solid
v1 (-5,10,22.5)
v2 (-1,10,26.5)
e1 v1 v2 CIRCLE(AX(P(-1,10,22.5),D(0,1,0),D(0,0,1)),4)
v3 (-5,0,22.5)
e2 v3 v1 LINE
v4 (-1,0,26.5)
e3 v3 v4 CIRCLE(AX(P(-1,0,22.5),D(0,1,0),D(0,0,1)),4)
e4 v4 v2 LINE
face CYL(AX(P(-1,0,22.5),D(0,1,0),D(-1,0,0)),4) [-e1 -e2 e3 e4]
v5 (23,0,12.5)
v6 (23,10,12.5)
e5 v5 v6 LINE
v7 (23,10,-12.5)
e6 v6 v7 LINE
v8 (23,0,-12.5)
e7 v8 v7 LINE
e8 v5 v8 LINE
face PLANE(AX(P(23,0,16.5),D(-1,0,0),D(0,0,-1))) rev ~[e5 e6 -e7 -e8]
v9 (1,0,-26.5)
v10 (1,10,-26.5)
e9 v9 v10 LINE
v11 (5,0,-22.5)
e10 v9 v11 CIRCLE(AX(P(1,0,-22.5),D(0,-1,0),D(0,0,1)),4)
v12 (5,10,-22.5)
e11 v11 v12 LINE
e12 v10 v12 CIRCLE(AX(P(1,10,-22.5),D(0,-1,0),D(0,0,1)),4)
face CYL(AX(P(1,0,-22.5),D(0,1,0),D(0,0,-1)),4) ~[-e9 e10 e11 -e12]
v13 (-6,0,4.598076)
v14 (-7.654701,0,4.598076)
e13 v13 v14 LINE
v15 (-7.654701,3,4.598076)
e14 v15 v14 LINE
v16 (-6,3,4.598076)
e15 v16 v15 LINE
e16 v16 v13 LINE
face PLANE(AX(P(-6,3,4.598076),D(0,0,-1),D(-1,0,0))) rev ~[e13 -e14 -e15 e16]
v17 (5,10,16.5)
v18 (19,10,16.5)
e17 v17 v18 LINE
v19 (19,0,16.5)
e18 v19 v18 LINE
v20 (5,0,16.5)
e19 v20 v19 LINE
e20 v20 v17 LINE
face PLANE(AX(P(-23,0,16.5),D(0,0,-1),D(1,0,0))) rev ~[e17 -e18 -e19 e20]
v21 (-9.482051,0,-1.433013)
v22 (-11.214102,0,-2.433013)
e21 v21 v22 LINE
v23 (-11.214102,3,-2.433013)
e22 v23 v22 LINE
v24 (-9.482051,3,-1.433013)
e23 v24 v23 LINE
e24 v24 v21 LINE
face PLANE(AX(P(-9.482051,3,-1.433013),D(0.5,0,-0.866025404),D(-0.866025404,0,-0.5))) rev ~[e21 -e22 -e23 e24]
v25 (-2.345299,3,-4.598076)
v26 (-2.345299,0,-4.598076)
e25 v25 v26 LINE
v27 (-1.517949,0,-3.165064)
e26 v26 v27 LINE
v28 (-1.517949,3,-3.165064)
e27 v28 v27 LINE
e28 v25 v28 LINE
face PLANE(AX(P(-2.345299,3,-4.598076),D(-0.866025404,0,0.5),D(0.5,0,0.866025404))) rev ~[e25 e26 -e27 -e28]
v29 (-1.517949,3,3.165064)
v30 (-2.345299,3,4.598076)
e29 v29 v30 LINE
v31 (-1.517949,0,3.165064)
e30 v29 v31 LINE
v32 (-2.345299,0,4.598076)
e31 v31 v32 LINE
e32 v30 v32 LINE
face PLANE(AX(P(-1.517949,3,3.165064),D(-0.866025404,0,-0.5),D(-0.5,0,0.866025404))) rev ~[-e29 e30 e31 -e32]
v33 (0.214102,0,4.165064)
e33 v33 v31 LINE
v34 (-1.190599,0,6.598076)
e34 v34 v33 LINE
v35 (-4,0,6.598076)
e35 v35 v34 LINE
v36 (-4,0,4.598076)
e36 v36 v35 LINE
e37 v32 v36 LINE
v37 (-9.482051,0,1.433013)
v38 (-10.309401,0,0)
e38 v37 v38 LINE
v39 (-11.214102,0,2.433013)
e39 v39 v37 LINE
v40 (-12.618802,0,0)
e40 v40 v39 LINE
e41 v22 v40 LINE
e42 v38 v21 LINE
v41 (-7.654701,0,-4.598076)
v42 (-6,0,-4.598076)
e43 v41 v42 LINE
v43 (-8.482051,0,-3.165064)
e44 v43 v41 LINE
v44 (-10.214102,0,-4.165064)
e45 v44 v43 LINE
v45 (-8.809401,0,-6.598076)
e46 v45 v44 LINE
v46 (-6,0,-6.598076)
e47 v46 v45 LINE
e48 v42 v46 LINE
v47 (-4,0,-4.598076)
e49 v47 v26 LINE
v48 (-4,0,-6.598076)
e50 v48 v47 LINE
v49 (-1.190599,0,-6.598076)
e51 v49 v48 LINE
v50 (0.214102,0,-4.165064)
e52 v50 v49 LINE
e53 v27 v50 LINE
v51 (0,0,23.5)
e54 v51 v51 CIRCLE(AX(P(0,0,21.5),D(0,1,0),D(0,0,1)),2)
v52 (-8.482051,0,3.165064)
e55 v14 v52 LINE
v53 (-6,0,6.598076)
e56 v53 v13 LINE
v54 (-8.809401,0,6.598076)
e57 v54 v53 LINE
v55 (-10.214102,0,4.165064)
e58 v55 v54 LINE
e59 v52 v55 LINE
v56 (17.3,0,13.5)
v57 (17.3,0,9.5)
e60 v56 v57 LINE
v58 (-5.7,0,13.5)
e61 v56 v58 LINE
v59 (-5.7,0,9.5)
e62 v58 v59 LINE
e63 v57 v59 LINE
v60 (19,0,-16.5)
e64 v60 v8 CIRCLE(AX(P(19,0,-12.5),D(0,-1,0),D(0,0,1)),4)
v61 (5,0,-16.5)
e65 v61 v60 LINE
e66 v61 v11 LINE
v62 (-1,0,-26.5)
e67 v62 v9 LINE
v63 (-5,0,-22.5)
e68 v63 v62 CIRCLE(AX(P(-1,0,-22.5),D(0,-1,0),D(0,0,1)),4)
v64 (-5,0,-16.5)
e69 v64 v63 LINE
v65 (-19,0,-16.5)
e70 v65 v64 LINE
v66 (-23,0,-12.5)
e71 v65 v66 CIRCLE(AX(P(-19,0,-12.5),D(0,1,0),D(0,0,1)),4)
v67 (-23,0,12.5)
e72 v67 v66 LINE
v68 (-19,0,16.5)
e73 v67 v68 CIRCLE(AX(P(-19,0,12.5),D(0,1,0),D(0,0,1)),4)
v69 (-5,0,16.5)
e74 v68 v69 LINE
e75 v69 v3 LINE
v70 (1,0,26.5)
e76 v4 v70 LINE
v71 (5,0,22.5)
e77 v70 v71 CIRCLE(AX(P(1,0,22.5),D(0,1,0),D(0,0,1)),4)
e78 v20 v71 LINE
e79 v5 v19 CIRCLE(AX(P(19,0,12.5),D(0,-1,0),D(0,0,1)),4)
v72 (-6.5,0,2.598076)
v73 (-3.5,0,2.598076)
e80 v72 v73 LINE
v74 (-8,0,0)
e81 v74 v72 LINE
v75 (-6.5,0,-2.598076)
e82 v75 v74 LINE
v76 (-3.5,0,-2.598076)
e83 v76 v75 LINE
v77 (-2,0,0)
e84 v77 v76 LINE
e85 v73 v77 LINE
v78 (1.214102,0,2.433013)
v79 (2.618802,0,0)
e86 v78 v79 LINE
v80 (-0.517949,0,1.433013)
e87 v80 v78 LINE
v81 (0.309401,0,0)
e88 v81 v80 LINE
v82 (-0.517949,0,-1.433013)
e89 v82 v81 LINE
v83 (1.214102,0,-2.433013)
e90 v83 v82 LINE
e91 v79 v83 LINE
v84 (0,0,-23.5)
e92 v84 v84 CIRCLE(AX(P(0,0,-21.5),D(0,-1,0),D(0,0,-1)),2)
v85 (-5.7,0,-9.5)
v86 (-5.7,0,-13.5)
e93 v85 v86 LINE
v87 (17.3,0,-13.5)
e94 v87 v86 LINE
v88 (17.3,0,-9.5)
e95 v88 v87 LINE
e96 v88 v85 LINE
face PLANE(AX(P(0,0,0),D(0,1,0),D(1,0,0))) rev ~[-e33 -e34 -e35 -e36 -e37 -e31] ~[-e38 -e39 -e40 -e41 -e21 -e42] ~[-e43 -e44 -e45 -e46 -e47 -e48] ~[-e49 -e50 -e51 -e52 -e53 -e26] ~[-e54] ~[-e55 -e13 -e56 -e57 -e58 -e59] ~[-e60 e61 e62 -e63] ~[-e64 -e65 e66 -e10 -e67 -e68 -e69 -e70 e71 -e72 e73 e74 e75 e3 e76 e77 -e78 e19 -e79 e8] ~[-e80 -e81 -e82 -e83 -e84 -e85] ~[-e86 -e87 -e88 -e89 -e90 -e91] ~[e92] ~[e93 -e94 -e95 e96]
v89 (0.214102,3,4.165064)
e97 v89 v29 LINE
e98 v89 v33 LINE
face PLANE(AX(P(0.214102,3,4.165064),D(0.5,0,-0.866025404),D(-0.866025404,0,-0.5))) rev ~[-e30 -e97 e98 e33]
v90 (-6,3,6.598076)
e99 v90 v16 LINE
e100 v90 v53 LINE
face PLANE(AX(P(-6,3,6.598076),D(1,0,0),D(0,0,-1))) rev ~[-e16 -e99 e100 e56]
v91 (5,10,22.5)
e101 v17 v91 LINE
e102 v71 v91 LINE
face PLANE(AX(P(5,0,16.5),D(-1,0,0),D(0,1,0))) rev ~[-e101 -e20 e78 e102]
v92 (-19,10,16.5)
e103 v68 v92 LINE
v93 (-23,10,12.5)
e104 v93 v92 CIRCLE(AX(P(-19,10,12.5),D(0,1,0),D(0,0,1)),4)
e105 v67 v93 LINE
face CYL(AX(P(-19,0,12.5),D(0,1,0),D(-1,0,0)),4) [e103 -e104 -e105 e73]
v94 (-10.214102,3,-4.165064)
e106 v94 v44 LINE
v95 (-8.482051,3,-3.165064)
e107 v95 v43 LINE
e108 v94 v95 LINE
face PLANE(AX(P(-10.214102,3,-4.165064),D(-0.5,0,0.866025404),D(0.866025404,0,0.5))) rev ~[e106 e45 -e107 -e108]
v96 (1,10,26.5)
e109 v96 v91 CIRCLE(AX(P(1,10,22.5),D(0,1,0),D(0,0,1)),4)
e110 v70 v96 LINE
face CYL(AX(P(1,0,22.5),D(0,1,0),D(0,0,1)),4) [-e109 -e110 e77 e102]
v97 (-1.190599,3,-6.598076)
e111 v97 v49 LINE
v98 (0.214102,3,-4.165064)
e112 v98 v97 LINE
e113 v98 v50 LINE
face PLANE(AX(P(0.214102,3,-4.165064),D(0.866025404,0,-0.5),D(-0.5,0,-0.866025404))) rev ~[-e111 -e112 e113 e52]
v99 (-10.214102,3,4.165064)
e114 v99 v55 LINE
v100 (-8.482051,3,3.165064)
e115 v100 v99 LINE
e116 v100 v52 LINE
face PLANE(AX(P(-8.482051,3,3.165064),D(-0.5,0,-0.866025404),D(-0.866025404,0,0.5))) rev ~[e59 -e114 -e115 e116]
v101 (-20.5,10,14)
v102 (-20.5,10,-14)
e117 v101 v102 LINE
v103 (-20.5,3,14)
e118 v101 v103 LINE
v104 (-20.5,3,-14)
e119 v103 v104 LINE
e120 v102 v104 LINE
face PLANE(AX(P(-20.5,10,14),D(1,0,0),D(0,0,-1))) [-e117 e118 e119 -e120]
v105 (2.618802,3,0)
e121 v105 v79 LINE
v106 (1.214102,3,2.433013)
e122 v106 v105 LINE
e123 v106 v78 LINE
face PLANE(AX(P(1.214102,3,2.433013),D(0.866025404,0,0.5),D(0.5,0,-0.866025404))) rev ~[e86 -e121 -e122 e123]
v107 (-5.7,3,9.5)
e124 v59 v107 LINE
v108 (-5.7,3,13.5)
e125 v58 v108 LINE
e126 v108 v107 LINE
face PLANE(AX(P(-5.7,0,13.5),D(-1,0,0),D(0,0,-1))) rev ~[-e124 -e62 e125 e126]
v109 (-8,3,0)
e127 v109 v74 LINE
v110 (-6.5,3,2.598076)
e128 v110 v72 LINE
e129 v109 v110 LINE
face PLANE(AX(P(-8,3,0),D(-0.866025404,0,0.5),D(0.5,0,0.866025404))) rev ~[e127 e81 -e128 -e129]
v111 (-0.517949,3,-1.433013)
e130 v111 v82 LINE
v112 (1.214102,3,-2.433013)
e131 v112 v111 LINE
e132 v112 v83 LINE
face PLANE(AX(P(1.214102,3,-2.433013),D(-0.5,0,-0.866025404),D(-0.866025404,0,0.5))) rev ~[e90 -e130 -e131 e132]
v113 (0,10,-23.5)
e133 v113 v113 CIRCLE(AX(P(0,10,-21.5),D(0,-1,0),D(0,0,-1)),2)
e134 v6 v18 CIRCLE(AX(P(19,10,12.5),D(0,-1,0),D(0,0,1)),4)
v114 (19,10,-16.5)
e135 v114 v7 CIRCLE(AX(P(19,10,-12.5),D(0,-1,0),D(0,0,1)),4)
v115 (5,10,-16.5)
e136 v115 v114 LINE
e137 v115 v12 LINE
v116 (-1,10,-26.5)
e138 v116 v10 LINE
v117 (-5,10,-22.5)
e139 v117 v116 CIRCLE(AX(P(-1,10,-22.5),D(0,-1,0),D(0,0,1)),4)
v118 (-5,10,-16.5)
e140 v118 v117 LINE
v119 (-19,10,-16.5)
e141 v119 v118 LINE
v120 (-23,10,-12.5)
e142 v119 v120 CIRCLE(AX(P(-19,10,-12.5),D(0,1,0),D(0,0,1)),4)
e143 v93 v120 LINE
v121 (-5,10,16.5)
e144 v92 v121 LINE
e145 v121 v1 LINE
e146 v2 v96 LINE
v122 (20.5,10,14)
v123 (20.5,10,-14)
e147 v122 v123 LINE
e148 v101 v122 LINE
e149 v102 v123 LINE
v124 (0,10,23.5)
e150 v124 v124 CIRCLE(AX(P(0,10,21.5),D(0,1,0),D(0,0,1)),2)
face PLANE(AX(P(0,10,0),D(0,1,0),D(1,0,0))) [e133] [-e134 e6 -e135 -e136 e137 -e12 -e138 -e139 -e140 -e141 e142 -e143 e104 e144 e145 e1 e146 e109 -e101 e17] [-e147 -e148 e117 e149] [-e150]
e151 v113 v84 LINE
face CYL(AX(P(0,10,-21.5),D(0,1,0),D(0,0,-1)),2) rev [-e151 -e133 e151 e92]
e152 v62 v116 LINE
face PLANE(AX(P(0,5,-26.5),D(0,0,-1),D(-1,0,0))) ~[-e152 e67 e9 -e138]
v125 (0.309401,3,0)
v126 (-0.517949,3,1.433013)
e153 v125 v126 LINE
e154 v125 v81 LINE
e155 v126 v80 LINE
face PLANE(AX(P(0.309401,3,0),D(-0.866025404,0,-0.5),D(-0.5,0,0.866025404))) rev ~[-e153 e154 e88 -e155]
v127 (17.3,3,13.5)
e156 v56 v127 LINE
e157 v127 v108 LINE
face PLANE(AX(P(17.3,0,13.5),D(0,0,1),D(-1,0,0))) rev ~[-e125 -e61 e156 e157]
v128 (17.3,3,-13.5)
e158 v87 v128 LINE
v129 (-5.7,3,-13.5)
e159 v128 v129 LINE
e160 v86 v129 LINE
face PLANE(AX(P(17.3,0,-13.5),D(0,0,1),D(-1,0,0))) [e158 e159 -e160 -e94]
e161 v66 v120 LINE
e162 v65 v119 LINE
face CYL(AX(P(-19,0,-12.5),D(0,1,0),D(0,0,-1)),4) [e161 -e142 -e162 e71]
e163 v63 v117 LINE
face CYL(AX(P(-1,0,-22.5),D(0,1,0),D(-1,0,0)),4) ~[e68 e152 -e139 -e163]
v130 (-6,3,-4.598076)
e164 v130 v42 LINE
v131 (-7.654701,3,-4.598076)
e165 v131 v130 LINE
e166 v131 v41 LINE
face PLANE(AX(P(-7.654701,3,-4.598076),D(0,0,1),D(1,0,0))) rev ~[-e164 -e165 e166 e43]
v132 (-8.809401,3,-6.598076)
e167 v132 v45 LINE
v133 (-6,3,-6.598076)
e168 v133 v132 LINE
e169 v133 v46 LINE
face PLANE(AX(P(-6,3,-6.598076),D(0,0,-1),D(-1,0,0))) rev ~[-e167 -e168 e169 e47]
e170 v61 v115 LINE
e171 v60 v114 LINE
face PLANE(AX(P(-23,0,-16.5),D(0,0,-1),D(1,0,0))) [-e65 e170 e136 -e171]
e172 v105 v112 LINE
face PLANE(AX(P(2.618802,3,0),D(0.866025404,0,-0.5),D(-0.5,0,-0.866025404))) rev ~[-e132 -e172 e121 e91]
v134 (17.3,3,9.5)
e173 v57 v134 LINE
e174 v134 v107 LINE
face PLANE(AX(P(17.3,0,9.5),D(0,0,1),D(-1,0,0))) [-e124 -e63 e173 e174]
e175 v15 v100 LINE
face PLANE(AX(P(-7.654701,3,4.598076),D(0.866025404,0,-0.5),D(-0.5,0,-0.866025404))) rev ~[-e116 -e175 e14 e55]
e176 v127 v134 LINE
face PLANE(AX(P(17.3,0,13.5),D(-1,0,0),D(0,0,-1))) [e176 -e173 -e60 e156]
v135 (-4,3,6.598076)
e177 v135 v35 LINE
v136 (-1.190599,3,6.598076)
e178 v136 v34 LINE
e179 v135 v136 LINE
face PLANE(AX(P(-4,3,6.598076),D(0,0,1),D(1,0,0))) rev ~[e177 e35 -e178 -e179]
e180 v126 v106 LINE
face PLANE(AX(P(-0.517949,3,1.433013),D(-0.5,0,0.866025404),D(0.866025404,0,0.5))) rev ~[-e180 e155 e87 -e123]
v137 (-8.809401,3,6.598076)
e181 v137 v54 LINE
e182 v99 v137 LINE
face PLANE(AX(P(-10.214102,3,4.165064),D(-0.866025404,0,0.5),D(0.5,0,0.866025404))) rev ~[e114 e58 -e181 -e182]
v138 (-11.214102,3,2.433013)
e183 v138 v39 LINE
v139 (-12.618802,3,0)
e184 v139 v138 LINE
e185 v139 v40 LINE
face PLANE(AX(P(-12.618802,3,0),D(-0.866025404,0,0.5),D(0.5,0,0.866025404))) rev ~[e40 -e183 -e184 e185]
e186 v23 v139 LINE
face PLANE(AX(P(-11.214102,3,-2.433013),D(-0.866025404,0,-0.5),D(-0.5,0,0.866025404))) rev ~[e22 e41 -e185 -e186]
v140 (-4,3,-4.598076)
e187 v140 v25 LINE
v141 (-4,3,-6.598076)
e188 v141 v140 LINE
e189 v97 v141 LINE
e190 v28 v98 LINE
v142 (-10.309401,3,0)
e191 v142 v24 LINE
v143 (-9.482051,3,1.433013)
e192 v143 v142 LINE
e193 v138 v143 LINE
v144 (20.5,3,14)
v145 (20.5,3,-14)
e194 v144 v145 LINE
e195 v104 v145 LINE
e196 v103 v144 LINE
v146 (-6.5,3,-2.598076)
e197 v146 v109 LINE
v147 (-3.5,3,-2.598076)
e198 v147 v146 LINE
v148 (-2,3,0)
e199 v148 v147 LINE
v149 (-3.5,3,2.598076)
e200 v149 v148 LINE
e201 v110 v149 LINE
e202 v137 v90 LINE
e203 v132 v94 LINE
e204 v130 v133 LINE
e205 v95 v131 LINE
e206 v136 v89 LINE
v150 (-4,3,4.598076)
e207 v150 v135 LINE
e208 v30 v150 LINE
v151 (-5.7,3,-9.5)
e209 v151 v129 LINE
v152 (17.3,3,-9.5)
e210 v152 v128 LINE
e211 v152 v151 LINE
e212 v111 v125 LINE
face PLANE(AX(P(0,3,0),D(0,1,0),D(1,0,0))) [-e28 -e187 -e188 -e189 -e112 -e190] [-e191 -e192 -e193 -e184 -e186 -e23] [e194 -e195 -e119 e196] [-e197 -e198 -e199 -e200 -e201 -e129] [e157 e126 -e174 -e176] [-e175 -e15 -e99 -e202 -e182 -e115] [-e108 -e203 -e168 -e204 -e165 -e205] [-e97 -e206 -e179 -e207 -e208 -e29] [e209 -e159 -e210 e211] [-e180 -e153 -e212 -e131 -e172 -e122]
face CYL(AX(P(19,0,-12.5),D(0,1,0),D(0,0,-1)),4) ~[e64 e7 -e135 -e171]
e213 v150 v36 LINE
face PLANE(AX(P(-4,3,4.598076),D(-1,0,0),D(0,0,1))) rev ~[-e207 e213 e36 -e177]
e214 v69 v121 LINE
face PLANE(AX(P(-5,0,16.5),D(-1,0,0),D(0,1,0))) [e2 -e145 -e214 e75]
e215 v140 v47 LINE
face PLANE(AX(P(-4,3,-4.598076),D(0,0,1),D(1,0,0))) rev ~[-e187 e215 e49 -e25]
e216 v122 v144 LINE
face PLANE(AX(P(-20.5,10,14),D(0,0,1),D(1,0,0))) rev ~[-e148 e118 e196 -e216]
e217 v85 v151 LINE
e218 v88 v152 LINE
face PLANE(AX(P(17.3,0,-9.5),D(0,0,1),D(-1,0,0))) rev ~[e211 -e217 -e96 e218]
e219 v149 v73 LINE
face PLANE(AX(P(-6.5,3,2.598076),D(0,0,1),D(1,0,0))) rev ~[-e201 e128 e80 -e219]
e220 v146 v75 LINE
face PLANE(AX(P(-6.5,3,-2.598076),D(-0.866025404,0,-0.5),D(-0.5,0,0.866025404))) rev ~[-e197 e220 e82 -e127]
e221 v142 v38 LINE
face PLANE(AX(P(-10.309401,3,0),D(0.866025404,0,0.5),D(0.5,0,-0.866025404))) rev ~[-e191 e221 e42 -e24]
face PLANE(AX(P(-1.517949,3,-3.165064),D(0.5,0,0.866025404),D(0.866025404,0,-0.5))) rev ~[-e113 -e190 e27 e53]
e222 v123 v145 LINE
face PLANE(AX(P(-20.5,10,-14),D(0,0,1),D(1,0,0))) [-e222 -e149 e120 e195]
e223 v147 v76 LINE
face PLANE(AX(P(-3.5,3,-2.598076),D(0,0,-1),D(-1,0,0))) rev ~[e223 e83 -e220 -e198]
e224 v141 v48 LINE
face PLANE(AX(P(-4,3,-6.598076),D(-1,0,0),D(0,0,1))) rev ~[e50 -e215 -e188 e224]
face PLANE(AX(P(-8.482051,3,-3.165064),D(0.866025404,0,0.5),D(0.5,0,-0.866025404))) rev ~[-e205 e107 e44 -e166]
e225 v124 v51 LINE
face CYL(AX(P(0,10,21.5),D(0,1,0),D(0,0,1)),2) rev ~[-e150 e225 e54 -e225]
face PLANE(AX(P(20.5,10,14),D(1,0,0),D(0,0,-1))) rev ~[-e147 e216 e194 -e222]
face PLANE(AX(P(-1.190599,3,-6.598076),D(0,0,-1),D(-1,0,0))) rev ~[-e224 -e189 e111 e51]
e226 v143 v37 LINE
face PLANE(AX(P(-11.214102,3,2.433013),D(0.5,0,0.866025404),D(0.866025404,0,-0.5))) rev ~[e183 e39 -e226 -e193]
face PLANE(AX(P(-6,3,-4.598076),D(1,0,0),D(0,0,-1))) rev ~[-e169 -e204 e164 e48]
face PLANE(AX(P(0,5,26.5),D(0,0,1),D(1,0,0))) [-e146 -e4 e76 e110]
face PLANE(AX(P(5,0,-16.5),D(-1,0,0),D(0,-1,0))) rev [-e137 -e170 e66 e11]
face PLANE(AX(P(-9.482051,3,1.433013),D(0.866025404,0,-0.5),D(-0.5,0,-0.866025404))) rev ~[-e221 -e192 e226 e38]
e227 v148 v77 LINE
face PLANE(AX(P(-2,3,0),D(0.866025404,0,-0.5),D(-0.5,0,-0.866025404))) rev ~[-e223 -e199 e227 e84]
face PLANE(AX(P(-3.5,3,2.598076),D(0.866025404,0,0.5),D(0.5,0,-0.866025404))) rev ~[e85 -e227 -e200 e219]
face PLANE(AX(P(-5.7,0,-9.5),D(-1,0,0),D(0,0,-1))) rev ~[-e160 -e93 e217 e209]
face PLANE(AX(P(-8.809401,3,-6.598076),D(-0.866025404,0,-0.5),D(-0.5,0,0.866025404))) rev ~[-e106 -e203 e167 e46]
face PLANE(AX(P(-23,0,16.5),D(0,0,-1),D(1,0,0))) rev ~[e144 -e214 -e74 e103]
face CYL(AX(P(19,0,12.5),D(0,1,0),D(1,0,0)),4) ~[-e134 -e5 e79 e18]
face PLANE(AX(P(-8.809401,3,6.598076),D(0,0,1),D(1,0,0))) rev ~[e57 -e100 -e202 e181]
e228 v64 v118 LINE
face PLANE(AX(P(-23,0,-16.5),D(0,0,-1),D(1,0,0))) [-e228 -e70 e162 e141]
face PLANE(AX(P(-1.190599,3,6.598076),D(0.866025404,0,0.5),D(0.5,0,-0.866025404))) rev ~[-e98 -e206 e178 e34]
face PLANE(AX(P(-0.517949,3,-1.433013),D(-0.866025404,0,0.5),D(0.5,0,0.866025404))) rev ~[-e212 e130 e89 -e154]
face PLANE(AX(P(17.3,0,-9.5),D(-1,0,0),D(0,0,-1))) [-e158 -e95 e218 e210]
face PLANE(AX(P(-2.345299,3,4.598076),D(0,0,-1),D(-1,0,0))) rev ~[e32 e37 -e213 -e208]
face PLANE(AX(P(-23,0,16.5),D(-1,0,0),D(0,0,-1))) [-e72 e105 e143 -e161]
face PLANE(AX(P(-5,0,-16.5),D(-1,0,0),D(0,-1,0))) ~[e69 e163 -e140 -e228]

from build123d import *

# Parameters (mm, degrees)
BASE_W               = 46
BASE_H               = 33
SHELL_DEPTH          = 10
SHELLHOLE_W          = 41
SHELLHOLE_H          = 28
HOLE_DEPTH           = 7
PINHOLES_W           = 23
PINHOLES_H           = 4
PINS_DEPTH           = 3
SKETCH10_W           = 10
SKETCH10_H           = 10
BOSS_EXTRUDE3_DEPTH  = 10
SKETCH11_R           = 2
CUT_EXTRUDE3_DEPTH   = 10
FILLET1_R            = 4
FILLET1_OF_MIRROR1_R = 4
FILLET2_R            = 4
AIR1_DEPTH           = 10


with BuildPart() as part:
    # Base → Shell (new body)
    with BuildSketch(Plane(origin=(0, 0, 0), x_dir=(1, 0, 0), z_dir=(0, 1, 0))):
        Rectangle(BASE_W, BASE_H)
    extrude(amount=SHELL_DEPTH)

    # ShellHole → Hole (cut)
    with BuildSketch(Plane(origin=(0, 10, 0), x_dir=(1, 0, 0), z_dir=(0, 1, 0))):
        Rectangle(SHELLHOLE_W, SHELLHOLE_H)
    extrude(amount=-HOLE_DEPTH, mode=Mode.SUBTRACT)

    # PinHoles → Pins (cut)
    with BuildSketch(Plane(origin=(0, 0, 0), x_dir=(-1, 0, 0), z_dir=(0, -1, 0))):
        with Locations((-5.8, -11.5)):
            Rectangle(PINHOLES_W, PINHOLES_H)
        with Locations((-5.8, 11.5)):
            Rectangle(PINHOLES_W, PINHOLES_H)
    extrude(amount=-PINS_DEPTH, mode=Mode.SUBTRACT)

    # Sketch10 → Boss-Extrude3 (add)
    with BuildSketch(Plane.XY.offset(16.5)):
        with Locations((0, 5)):
            Rectangle(SKETCH10_W, SKETCH10_H)
    boss_extrude3 = extrude(amount=BOSS_EXTRUDE3_DEPTH)

    # Sketch11 → Cut-Extrude3 (cut)
    with BuildSketch(Plane(origin=(0, 10, 0), x_dir=(1, 0, 0), z_dir=(0, 1, 0))):
        with Locations(Location((0, -21.5, 0), (0, 0, 270))):
            Circle(SKETCH11_R)
    cut_extrude3 = extrude(amount=-CUT_EXTRUDE3_DEPTH, mode=Mode.SUBTRACT)

    # Fillet1
    fillet1_edges = [part.edges().sort_by_distance(p)[0] for p in [
        (5, 5, 26.5),
        (-5, 5, 26.5),
    ]]
    fillet(fillet1_edges, radius=FILLET1_R)

    # Mirror1: Boss-Extrude3, Cut-Extrude3 across plane
    add(boss_extrude3.mirror(Plane.XY))
    add(cut_extrude3.mirror(Plane.XY), mode=Mode.SUBTRACT)

    # Fillet1 of Mirror1
    fillet1_of_mirror1_edges = [part.edges().sort_by_distance(p)[0] for p in [
        (5, 5, -26.5),
        (-5, 5, -26.5),
    ]]
    fillet(fillet1_of_mirror1_edges, radius=FILLET1_OF_MIRROR1_R)

    # Fillet2
    fillet2_edges = [part.edges().sort_by_distance(p)[0] for p in [
        (-23, 5, -16.5),
        (23, 5, -16.5),
        (23, 5, 16.5),
        (-23, 5, 16.5),
    ]]
    fillet(fillet2_edges, radius=FILLET2_R)

    # AirHole → Air1 (cut)
    with BuildSketch(Plane(origin=(0, 3, 0), x_dir=(1, 0, 0), z_dir=(0, 1, 0))):
        Polygon((-3.5, 2.598076211), (-6.5, 2.598076211), (-8, 0), (-6.5, -2.598076211), (-3.5, -2.598076211), (-2, 0), align=None)
        Polygon((-10.214101615, 4.165063509), (-8.482050808, 3.165063509), (-7.654700538, 4.598076211), (-6, 4.598076211), (-6, 6.598076211), (-8.809401077, 6.598076211), align=None)
        Polygon((-11.214101615, -2.433012702), (-9.482050808, -1.433012702), (-10.309401077, 0), (-9.482050808, 1.433012702), (-11.214101615, 2.433012702), (-12.618802154, 0), align=None)
        Polygon((-7.654700538, -4.598076211), (-8.482050808, -3.165063509), (-10.214101615, -4.165063509), (-8.809401077, -6.598076211), (-6, -6.598076211), (-6, -4.598076211), align=None)
        Polygon((-2.345299462, -4.598076211), (-4, -4.598076211), (-4, -6.598076211), (-1.190598923, -6.598076211), (0.214101615, -4.165063509), (-1.517949192, -3.165063509), align=None)
        Polygon((0.309401077, 0), (-0.517949192, -1.433012702), (1.214101615, -2.433012702), (2.618802154, 0), (1.214101615, 2.433012702), (-0.517949192, 1.433012702), align=None)
        Polygon((-4, 6.598076211), (-4, 4.598076211), (-2.345299462, 4.598076211), (-1.517949192, 3.165063509), (0.214101615, 4.165063509), (-1.190598923, 6.598076211), align=None)
    extrude(amount=-AIR1_DEPTH, mode=Mode.SUBTRACT)


solid = part.part
